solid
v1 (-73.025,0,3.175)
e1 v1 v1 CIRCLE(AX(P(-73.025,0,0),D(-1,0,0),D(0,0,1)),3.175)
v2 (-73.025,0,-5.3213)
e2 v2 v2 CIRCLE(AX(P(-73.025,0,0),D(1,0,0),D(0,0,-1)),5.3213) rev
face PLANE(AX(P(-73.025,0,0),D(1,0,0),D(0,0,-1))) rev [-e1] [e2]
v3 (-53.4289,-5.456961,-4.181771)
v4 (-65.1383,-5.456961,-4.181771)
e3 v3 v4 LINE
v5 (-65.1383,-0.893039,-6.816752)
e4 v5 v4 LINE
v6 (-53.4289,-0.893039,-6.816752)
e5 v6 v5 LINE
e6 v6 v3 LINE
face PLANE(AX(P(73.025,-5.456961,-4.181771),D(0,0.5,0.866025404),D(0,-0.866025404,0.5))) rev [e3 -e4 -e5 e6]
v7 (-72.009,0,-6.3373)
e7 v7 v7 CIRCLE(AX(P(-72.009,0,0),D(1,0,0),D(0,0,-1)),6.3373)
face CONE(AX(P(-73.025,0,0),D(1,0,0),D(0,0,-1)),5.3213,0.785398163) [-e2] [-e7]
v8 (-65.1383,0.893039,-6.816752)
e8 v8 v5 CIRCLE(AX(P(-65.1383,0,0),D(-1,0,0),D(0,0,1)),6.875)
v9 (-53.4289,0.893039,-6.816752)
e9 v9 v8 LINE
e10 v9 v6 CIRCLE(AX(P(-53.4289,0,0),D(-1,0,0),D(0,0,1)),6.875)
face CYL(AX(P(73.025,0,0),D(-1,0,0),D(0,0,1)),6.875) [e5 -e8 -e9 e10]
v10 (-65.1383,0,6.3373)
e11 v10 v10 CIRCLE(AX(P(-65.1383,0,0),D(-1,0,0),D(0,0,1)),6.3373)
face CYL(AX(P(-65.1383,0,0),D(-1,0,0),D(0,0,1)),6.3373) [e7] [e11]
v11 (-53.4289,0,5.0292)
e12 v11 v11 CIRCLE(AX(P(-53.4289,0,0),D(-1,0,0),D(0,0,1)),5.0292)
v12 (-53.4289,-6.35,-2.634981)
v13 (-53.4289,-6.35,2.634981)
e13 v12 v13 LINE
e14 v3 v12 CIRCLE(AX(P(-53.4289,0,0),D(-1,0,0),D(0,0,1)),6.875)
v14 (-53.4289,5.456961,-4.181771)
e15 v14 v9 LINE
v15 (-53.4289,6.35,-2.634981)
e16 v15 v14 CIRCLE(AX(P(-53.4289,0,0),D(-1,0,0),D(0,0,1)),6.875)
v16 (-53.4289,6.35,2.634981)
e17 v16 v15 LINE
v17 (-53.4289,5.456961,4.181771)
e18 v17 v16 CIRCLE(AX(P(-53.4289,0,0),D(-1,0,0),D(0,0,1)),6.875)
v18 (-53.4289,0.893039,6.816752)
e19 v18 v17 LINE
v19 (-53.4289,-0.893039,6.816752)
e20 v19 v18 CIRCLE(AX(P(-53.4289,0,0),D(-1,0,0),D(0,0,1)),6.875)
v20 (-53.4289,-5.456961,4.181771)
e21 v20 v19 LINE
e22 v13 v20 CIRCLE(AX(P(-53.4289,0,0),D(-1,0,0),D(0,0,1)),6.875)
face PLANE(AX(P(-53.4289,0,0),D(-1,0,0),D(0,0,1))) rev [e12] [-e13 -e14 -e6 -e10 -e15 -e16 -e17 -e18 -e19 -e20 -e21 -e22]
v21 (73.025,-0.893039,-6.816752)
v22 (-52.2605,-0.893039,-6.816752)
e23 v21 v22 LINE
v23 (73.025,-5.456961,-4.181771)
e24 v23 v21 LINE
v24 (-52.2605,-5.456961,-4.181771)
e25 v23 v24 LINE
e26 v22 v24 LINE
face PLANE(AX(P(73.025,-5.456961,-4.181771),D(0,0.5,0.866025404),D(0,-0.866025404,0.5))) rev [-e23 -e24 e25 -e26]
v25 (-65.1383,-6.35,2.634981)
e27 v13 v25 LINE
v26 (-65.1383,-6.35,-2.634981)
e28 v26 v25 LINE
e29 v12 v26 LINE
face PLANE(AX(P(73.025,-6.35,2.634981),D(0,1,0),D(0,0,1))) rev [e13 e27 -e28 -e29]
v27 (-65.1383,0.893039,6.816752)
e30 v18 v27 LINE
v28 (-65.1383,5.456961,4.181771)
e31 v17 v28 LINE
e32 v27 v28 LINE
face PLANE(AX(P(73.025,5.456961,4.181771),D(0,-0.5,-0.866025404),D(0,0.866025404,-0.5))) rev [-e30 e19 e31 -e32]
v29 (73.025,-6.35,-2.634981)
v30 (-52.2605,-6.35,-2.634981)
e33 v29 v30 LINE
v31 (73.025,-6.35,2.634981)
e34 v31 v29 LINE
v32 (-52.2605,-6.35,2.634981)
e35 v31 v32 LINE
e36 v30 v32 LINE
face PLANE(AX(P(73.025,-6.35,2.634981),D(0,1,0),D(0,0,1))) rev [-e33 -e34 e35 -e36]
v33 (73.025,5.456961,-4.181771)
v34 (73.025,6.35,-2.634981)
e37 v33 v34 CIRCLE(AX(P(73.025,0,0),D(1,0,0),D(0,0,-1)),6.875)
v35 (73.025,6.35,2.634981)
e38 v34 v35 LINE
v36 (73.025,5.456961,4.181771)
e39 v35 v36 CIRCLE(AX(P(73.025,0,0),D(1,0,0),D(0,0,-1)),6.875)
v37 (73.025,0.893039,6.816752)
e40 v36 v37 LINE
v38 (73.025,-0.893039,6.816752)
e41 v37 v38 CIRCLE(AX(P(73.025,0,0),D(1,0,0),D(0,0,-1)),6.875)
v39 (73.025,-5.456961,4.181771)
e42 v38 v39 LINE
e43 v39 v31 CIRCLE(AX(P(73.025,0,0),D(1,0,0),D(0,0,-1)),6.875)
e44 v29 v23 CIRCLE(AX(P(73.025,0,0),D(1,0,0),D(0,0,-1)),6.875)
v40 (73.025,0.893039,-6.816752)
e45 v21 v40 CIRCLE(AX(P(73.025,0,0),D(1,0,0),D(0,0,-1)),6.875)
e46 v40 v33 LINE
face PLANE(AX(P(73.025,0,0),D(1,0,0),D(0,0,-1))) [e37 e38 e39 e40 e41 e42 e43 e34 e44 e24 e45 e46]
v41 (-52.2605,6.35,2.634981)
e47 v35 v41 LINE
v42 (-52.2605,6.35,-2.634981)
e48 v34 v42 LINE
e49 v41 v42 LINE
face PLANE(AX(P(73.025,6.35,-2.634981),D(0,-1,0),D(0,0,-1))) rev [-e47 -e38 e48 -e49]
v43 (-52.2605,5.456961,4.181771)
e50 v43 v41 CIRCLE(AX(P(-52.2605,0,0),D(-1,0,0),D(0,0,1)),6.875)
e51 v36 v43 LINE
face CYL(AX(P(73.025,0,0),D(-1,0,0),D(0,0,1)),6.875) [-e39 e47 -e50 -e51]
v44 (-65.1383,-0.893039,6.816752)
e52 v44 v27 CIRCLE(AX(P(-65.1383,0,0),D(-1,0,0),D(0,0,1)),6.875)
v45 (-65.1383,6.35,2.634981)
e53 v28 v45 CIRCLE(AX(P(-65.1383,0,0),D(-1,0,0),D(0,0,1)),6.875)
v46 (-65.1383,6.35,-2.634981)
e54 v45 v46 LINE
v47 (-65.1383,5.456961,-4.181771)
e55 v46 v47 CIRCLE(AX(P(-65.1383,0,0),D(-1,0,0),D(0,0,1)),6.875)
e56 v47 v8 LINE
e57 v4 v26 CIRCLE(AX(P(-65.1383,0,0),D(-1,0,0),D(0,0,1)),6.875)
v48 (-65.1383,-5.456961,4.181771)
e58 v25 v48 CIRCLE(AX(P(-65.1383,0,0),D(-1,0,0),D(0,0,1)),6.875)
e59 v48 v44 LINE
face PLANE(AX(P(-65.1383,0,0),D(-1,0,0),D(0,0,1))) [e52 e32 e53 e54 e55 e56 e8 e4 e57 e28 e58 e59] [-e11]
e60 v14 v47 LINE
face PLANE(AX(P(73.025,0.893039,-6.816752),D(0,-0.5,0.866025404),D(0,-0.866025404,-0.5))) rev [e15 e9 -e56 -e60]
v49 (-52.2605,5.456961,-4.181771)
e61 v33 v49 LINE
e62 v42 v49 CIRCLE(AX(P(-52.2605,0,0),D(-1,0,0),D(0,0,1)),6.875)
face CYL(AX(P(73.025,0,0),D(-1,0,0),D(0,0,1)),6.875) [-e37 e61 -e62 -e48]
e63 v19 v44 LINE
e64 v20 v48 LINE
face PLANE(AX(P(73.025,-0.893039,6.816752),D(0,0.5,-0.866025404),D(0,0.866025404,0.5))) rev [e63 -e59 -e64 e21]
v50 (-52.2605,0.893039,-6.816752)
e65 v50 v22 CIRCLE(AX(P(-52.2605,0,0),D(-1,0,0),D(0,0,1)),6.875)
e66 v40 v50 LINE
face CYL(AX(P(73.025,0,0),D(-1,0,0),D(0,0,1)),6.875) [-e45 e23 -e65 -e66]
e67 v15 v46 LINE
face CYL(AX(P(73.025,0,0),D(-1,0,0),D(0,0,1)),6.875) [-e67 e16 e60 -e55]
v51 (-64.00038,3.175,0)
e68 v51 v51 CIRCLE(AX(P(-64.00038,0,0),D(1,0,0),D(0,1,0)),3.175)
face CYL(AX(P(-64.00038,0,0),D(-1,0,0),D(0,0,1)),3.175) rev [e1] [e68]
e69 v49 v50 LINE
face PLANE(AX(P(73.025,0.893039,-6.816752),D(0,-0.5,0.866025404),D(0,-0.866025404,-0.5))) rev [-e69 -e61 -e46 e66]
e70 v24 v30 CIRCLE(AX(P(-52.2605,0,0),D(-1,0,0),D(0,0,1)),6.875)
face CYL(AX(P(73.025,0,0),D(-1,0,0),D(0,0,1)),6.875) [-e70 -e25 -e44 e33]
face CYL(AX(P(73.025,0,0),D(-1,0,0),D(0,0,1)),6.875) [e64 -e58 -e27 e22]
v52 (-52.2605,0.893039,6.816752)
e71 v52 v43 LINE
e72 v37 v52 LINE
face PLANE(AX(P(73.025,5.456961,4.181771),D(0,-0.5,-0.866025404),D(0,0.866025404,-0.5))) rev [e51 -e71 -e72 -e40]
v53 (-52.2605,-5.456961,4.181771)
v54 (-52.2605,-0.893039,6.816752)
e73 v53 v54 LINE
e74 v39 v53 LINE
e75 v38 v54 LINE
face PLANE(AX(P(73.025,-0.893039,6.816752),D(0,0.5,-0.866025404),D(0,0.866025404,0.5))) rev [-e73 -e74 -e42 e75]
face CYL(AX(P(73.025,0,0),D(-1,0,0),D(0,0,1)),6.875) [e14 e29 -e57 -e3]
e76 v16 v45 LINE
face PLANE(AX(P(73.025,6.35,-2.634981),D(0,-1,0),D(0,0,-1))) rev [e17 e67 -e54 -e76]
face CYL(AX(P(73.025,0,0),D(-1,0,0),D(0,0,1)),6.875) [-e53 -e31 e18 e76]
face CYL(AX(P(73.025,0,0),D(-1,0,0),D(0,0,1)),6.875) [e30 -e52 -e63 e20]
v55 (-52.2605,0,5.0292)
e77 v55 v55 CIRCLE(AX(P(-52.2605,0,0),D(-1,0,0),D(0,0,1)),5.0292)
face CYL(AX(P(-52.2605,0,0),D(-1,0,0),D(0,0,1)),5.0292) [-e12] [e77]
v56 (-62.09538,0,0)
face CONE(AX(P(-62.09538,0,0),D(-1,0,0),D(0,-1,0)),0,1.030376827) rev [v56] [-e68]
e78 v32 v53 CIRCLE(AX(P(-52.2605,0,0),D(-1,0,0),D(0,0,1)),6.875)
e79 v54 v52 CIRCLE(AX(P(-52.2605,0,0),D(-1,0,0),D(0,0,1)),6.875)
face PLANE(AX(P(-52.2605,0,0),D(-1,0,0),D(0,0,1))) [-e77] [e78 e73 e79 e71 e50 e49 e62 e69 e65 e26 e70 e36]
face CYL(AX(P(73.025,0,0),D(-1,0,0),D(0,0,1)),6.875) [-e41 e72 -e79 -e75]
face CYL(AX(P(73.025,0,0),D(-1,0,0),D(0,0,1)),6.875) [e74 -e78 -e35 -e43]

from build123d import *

# Parameters (mm, degrees)
BOSS_EXTRUDE1_DEPTH = 73.025
CUT_EXTRUDE1_START  = -7.8867
SKETCH2_R           = 6.3373
CUT_EXTRUDE1_DEPTH  = 7.8867
CUT_EXTRUDE2_START  = -1.1684
SKETCH3_R           = 5.0292
CUT_EXTRUDE2_DEPTH  = 1.1684
SKETCH4_R           = 3.175
CUT_EXTRUDE3_DEPTH  = 9.02462
CHAMFER1_SIZE       = 1.016


with BuildPart() as part:
    # Sketch1 → Boss-Extrude1 (new, symmetric)
    with BuildSketch(Plane(origin=(0, 0, 0), x_dir=(0, 0, -1), z_dir=(1, 0, 0))):
        with BuildLine():
            Line((2.634981025, 6.35), (-2.634981025, 6.35))
            ThreePointArc((-2.634981025, 6.35), (-3.4375, 5.953924651), (-4.181770802, 5.456960506))
            Line((-4.181770802, 5.456960506), (-6.816751826, 0.893039494))
            ThreePointArc((-6.816751826, 0.893039494), (-6.875, 0), (-6.816751826, -0.893039494))
            Line((-6.816751826, -0.893039494), (-4.181770802, -5.456960506))
            ThreePointArc((-4.181770802, -5.456960506), (-3.4375, -5.953924651), (-2.634981025, -6.35))
            Line((-2.634981025, -6.35), (2.634981025, -6.35))
            ThreePointArc((2.634981025, -6.35), (3.4375, -5.953924651), (4.181770802, -5.456960506))
            Line((4.181770802, -5.456960506), (6.816751826, -0.893039494))
            ThreePointArc((6.816751826, -0.893039494), (6.875, 0), (6.816751826, 0.893039494))
            Line((6.816751826, 0.893039494), (4.181770802, 5.456960506))
            ThreePointArc((4.181770802, 5.456960506), (3.4375, 5.953924651), (2.634981025, 6.35))
        make_face()
    extrude(amount=BOSS_EXTRUDE1_DEPTH, both=True)

    # Sketch2 → Cut-Extrude1 (cut)
    with BuildSketch(Plane.ZY.offset(73.025).offset(CUT_EXTRUDE1_START)):
        with BuildLine():
            Line((-4.181770802, 5.456960506), (-6.816751826, 0.893039494))
            ThreePointArc((-6.816751826, 0.893039494), (-6.875, 0), (-6.816751826, -0.893039494))
            Line((-6.816751826, -0.893039494), (-4.181770802, -5.456960506))
            ThreePointArc((-4.181770802, -5.456960506), (-3.4375, -5.953924651), (-2.634981025, -6.35))
            Line((-2.634981025, -6.35), (2.634981025, -6.35))
            ThreePointArc((2.634981025, -6.35), (3.4375, -5.953924651), (4.181770802, -5.456960506))
            Line((4.181770802, -5.456960506), (6.816751826, -0.893039494))
            ThreePointArc((6.816751826, -0.893039494), (6.875, 0), (6.816751826, 0.893039494))
            Line((6.816751826, 0.893039494), (4.181770802, 5.456960506))
            ThreePointArc((4.181770802, 5.456960506), (3.4375, 5.953924651), (2.634981025, 6.35))
            Line((2.634981025, 6.35), (-2.634981025, 6.35))
            ThreePointArc((-2.634981025, 6.35), (-3.4375, 5.953924651), (-4.181770802, 5.456960506))
        make_face()
        Circle(SKETCH2_R, mode=Mode.SUBTRACT)
    extrude(amount=CUT_EXTRUDE1_DEPTH, mode=Mode.SUBTRACT)

    # Sketch3 → Cut-Extrude2 (cut)
    with BuildSketch(Plane.ZY.offset(53.4289).offset(CUT_EXTRUDE2_START)):
        with BuildLine():
            Line((-4.181770802, 5.456960506), (-6.816751826, 0.893039494))
            ThreePointArc((-6.816751826, 0.893039494), (-6.875, 0), (-6.816751826, -0.893039494))
            Line((-6.816751826, -0.893039494), (-4.181770802, -5.456960506))
            ThreePointArc((-4.181770802, -5.456960506), (-3.4375, -5.953924651), (-2.634981025, -6.35))
            Line((-2.634981025, -6.35), (2.634981025, -6.35))
            ThreePointArc((2.634981025, -6.35), (3.4375, -5.953924651), (4.181770802, -5.456960506))
            Line((4.181770802, -5.456960506), (6.816751826, -0.893039494))
            ThreePointArc((6.816751826, -0.893039494), (6.875, 0), (6.816751826, 0.893039494))
            Line((6.816751826, 0.893039494), (4.181770802, 5.456960506))
            ThreePointArc((4.181770802, 5.456960506), (3.4375, 5.953924651), (2.634981025, 6.35))
            Line((2.634981025, 6.35), (-2.634981025, 6.35))
            ThreePointArc((-2.634981025, 6.35), (-3.4375, 5.953924651), (-4.181770802, 5.456960506))
        make_face()
        Circle(SKETCH3_R, mode=Mode.SUBTRACT)
    extrude(amount=CUT_EXTRUDE2_DEPTH, mode=Mode.SUBTRACT)

    # Sketch4 → Cut-Extrude3 (cut)
    with BuildSketch(Plane.ZY.offset(73.025)):
        Circle(SKETCH4_R)
    extrude(amount=-CUT_EXTRUDE3_DEPTH, mode=Mode.SUBTRACT)

    # Sketch6 → Cut-Revolve1 (revolve, cut)
    with BuildSketch(Plane.XY, mode=Mode.PRIVATE) as cut_revolve1_sk:
        Polygon((-62.09538, 0), (-64.00038, 0), (-64.00038, 3.175), align=None)
    revolve(cut_revolve1_sk.sketch.rotate(Axis((-62.09538, 0, 0), (-1, 0, 0)), 180), axis=Axis((-62.09538, 0, 0), (-1, 0, 0)), mode=Mode.SUBTRACT)

    # Chamfer1
    chamfer1_edges = [part.edges().sort_by_distance(p)[0] for p in [
        (-73.025, 0, -6.3373),
    ]]
    chamfer(chamfer1_edges, length=CHAMFER1_SIZE)


solid = part.part
